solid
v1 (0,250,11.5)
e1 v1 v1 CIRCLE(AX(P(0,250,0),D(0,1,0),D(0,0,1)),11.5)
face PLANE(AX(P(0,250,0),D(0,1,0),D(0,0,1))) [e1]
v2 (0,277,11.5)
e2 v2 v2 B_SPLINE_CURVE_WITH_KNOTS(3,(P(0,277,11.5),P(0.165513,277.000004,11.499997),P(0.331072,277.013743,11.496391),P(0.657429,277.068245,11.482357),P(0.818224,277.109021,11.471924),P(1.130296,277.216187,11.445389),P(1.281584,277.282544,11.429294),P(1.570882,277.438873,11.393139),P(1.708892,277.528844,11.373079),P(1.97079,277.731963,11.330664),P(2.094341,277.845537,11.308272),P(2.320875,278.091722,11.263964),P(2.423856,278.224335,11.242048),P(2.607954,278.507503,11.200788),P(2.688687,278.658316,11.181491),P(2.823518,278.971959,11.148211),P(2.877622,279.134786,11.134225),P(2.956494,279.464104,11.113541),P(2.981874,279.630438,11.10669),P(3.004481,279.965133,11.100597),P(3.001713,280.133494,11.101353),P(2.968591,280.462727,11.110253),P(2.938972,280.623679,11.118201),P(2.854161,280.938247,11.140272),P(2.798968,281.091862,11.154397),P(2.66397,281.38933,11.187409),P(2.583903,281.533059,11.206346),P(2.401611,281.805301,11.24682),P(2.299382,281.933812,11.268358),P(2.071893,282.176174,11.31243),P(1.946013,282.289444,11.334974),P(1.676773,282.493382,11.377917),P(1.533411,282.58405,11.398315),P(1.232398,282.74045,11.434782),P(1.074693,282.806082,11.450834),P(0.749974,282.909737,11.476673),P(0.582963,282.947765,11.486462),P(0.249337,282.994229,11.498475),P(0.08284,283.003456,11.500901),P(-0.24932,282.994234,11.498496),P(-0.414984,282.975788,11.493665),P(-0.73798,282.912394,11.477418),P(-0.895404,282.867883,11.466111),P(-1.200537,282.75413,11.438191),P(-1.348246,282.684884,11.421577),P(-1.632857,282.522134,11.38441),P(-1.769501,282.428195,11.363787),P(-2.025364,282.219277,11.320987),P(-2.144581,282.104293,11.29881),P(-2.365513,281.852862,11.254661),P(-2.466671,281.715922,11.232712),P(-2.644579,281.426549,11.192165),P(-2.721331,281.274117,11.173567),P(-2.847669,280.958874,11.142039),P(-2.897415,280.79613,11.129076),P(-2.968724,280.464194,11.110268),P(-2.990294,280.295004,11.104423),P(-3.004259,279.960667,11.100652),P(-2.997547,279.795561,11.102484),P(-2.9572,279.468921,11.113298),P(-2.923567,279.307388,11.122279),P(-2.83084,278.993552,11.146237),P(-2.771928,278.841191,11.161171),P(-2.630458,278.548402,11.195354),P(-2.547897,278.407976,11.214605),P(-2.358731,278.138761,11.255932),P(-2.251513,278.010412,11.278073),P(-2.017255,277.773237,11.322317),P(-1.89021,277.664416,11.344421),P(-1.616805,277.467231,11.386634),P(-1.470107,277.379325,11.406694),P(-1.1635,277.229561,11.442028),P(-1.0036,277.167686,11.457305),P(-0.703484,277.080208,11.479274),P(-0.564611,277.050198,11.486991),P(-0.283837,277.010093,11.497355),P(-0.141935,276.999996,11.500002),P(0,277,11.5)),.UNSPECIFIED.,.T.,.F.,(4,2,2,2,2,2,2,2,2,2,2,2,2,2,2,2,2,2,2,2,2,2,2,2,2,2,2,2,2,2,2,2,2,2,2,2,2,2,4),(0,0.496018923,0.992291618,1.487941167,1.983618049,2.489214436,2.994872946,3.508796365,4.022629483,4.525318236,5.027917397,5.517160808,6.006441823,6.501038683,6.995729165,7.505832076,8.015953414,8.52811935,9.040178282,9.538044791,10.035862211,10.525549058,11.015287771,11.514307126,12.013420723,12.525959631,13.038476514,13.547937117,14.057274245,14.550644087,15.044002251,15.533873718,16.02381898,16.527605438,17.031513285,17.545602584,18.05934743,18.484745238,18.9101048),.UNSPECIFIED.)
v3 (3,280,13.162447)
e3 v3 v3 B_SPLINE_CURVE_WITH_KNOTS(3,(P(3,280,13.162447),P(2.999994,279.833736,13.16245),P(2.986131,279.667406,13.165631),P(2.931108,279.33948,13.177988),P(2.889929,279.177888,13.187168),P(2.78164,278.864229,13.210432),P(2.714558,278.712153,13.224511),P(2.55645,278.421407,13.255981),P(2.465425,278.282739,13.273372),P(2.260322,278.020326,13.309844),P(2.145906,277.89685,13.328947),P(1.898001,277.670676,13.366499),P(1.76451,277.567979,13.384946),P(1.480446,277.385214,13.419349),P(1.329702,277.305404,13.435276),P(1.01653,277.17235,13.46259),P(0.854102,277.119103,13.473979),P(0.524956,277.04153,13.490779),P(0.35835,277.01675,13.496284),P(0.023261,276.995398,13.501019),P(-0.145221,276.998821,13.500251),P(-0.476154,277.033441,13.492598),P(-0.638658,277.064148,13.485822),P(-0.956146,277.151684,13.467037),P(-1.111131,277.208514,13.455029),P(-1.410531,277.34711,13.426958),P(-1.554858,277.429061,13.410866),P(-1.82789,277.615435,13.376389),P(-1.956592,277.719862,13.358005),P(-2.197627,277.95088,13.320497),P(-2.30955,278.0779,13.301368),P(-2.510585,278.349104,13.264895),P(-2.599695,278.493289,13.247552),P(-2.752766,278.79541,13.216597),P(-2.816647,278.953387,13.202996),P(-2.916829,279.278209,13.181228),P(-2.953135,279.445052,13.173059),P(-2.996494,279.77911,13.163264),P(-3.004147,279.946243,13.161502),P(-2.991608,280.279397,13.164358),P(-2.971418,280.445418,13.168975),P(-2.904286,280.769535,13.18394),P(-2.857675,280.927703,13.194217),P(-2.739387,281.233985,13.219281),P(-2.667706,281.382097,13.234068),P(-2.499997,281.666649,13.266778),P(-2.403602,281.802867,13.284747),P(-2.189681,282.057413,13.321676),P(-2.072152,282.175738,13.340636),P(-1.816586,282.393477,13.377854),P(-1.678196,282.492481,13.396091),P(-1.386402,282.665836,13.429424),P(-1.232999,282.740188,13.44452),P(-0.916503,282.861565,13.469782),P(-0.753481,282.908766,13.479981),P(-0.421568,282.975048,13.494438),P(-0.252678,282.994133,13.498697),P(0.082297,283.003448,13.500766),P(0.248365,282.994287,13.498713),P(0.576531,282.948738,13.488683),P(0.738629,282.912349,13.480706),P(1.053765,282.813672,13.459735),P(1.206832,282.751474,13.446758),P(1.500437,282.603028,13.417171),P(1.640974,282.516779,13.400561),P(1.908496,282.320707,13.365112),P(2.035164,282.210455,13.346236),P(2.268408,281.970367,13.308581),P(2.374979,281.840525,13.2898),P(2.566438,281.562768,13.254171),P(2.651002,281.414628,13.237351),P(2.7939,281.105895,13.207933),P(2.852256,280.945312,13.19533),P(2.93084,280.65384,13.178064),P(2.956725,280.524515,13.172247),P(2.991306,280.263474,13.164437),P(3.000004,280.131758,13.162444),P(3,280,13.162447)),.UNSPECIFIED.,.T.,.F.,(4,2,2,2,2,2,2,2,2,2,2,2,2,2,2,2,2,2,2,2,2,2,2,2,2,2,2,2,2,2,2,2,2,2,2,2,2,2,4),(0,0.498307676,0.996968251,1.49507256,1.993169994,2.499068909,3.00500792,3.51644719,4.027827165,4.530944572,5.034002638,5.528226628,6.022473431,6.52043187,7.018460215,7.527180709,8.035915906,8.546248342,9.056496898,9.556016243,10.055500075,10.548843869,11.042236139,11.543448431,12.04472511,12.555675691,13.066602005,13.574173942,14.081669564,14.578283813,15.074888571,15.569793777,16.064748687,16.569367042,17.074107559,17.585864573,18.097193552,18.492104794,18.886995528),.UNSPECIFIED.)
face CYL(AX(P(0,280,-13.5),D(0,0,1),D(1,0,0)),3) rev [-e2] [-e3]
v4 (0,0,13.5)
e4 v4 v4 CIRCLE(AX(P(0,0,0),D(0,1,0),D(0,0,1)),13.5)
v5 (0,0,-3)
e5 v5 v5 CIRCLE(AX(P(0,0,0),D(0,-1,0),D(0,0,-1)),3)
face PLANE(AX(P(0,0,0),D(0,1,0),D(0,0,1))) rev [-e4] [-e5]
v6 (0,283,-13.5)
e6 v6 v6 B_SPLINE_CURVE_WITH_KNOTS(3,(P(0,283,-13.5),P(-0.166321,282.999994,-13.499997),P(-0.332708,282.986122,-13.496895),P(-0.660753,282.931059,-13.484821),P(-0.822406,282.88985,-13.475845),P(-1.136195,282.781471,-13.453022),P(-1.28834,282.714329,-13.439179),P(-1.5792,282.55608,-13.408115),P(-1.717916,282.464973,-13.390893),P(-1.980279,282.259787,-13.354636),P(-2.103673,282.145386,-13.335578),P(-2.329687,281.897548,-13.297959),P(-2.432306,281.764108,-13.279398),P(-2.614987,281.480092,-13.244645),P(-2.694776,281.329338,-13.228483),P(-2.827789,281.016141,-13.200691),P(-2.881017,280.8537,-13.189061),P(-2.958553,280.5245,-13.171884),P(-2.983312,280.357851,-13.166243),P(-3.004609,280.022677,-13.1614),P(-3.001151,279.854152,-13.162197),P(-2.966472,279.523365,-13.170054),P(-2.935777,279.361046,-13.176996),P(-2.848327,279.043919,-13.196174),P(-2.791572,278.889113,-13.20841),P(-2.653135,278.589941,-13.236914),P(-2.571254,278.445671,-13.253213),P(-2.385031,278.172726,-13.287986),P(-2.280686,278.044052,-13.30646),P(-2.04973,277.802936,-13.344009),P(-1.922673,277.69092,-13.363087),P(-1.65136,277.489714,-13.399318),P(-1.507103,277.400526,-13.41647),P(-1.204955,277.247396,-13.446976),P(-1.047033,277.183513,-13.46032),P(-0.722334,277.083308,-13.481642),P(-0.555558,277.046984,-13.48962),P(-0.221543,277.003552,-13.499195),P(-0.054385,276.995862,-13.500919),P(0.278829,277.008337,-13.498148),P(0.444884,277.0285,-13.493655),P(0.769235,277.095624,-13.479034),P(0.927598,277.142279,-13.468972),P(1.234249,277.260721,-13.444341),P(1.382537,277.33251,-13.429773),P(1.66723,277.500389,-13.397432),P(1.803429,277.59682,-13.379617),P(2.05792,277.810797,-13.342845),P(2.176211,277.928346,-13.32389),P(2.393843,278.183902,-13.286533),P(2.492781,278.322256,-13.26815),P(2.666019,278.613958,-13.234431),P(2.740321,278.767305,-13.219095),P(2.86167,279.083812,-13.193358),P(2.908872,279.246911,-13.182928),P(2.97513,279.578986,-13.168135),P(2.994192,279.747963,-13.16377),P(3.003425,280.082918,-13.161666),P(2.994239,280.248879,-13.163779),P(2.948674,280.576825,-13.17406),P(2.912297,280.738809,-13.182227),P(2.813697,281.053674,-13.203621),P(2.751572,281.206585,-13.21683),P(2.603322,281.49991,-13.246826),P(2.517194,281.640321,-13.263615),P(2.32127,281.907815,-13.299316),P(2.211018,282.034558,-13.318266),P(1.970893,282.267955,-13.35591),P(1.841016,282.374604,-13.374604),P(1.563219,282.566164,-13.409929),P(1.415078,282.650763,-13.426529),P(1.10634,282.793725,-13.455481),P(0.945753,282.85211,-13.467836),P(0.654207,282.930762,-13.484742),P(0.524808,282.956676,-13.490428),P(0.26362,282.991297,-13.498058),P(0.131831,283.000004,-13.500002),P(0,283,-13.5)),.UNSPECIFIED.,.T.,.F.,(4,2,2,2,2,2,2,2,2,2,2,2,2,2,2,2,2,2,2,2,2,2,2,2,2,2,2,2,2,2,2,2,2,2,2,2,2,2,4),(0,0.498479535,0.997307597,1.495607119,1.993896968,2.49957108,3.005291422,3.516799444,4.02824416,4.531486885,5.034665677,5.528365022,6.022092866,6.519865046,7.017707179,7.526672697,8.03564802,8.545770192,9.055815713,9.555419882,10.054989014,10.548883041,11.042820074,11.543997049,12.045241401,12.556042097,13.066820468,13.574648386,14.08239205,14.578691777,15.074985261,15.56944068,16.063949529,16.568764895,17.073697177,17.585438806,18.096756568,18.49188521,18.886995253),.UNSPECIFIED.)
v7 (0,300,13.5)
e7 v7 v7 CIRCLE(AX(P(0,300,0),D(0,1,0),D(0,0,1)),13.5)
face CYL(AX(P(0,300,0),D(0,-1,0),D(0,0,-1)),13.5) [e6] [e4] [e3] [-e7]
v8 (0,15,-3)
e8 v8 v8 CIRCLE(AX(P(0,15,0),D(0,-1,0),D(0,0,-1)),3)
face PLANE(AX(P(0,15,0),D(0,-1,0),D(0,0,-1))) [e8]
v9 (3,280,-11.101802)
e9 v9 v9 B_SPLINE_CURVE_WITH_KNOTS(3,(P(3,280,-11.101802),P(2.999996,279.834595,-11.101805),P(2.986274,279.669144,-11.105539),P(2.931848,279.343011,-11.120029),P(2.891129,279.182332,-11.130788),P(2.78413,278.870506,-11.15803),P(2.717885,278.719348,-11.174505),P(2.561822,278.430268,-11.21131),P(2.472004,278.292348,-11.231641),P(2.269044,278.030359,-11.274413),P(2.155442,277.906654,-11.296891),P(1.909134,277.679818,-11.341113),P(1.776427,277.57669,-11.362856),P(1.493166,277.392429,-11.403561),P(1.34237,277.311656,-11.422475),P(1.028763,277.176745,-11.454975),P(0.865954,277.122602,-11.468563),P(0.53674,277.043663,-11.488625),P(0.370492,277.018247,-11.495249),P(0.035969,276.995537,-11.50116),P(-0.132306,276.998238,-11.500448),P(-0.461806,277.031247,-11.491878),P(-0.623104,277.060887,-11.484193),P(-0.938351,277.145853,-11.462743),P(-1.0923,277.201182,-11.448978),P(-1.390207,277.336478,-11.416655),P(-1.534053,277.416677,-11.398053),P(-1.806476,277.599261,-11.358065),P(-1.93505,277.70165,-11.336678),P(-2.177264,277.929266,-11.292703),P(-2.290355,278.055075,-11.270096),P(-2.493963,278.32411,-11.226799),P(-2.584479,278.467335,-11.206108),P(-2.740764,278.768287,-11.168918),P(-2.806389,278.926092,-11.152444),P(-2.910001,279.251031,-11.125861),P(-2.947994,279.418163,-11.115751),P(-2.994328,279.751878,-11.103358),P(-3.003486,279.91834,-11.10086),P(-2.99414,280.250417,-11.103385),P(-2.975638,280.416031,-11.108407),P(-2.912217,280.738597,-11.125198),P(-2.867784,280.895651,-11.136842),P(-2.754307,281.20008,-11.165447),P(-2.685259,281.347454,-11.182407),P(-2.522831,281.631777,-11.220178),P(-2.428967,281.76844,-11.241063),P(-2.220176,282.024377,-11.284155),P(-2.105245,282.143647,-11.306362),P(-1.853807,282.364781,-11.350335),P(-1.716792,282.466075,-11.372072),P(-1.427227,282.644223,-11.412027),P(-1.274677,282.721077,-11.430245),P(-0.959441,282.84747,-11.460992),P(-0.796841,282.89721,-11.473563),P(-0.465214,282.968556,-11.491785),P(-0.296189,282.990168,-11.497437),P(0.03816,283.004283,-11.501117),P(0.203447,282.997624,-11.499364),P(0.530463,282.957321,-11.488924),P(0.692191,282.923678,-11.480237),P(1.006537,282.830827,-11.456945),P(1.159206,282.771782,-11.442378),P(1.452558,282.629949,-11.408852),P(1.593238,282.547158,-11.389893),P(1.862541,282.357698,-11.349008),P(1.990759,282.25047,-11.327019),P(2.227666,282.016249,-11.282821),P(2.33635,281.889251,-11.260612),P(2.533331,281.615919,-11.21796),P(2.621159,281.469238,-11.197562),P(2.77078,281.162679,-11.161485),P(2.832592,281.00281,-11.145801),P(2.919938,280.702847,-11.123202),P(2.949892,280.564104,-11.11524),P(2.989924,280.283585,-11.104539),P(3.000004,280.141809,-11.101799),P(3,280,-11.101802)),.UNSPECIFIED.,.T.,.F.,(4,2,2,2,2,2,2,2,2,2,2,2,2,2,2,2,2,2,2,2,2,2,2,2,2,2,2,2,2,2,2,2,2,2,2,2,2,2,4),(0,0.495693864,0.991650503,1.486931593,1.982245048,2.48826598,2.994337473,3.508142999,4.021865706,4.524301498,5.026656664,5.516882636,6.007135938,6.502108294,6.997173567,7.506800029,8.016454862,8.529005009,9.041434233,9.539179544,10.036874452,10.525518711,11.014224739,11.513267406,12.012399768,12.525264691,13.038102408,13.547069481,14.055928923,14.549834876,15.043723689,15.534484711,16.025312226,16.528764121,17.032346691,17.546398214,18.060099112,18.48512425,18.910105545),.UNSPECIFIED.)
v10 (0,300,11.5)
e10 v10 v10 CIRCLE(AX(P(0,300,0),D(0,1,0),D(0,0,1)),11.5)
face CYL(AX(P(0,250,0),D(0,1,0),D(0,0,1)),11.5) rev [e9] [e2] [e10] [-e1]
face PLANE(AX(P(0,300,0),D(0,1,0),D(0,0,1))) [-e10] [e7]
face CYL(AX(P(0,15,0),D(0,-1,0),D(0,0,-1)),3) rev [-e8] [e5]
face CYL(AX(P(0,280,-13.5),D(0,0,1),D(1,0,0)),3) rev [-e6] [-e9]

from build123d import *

# Parameters (mm, degrees)
CROQUIS1_R                 = 13.5
SALIENTE_EXTRUIR1_DEPTH    = 300
CROQUIS2_R                 = 3
CORTAR_EXTRUIR1_DEPTH      = 15
CROQUIS4_R                 = 11.5
CORTAR_EXTRUIR4_DEPTH      = 50
CORTAR_EXTRUIR5_DEPTH      = 301.606886149
CORTAR_EXTRUIR5_DEPTH_BACK = 301.606886149
CROQUIS5_R                 = 3


with BuildPart() as part:
    # Croquis1 → Saliente-Extruir1 (new body)
    with BuildSketch(Plane(origin=(0, 0, 0), x_dir=(1, 0, 0), z_dir=(0, 1, 0))):
        with Locations(Location((0, 0, 0), (0, 0, 270))):
            Circle(CROQUIS1_R)
    extrude(amount=SALIENTE_EXTRUIR1_DEPTH)

    # Croquis2 → Cortar-Extruir1 (cut)
    with BuildSketch(Plane.XZ):
        with Locations(Location((0, 0, 0), (0, 0, 270))):
            Circle(CROQUIS2_R)
    extrude(amount=-CORTAR_EXTRUIR1_DEPTH, mode=Mode.SUBTRACT)

    # Croquis4 → Cortar-Extruir4 (cut)
    with BuildSketch(Plane(origin=(0, 300, 0), x_dir=(1, 0, 0), z_dir=(0, 1, 0))):
        with Locations(Location((0, 0, 0), (0, 0, 270))):
            Circle(CROQUIS4_R)
    extrude(amount=-CORTAR_EXTRUIR4_DEPTH, mode=Mode.SUBTRACT)

    # Croquis5 → Cortar-Extruir5 (cut, two sides: drawn at the far end of the back side and taken through both)
    with BuildSketch(Plane.XY.offset(-CORTAR_EXTRUIR5_DEPTH_BACK)):
        with Locations((0, 280)):
            Circle(CROQUIS5_R)
    extrude(amount=CORTAR_EXTRUIR5_DEPTH + CORTAR_EXTRUIR5_DEPTH_BACK, mode=Mode.SUBTRACT)


solid = part.part
